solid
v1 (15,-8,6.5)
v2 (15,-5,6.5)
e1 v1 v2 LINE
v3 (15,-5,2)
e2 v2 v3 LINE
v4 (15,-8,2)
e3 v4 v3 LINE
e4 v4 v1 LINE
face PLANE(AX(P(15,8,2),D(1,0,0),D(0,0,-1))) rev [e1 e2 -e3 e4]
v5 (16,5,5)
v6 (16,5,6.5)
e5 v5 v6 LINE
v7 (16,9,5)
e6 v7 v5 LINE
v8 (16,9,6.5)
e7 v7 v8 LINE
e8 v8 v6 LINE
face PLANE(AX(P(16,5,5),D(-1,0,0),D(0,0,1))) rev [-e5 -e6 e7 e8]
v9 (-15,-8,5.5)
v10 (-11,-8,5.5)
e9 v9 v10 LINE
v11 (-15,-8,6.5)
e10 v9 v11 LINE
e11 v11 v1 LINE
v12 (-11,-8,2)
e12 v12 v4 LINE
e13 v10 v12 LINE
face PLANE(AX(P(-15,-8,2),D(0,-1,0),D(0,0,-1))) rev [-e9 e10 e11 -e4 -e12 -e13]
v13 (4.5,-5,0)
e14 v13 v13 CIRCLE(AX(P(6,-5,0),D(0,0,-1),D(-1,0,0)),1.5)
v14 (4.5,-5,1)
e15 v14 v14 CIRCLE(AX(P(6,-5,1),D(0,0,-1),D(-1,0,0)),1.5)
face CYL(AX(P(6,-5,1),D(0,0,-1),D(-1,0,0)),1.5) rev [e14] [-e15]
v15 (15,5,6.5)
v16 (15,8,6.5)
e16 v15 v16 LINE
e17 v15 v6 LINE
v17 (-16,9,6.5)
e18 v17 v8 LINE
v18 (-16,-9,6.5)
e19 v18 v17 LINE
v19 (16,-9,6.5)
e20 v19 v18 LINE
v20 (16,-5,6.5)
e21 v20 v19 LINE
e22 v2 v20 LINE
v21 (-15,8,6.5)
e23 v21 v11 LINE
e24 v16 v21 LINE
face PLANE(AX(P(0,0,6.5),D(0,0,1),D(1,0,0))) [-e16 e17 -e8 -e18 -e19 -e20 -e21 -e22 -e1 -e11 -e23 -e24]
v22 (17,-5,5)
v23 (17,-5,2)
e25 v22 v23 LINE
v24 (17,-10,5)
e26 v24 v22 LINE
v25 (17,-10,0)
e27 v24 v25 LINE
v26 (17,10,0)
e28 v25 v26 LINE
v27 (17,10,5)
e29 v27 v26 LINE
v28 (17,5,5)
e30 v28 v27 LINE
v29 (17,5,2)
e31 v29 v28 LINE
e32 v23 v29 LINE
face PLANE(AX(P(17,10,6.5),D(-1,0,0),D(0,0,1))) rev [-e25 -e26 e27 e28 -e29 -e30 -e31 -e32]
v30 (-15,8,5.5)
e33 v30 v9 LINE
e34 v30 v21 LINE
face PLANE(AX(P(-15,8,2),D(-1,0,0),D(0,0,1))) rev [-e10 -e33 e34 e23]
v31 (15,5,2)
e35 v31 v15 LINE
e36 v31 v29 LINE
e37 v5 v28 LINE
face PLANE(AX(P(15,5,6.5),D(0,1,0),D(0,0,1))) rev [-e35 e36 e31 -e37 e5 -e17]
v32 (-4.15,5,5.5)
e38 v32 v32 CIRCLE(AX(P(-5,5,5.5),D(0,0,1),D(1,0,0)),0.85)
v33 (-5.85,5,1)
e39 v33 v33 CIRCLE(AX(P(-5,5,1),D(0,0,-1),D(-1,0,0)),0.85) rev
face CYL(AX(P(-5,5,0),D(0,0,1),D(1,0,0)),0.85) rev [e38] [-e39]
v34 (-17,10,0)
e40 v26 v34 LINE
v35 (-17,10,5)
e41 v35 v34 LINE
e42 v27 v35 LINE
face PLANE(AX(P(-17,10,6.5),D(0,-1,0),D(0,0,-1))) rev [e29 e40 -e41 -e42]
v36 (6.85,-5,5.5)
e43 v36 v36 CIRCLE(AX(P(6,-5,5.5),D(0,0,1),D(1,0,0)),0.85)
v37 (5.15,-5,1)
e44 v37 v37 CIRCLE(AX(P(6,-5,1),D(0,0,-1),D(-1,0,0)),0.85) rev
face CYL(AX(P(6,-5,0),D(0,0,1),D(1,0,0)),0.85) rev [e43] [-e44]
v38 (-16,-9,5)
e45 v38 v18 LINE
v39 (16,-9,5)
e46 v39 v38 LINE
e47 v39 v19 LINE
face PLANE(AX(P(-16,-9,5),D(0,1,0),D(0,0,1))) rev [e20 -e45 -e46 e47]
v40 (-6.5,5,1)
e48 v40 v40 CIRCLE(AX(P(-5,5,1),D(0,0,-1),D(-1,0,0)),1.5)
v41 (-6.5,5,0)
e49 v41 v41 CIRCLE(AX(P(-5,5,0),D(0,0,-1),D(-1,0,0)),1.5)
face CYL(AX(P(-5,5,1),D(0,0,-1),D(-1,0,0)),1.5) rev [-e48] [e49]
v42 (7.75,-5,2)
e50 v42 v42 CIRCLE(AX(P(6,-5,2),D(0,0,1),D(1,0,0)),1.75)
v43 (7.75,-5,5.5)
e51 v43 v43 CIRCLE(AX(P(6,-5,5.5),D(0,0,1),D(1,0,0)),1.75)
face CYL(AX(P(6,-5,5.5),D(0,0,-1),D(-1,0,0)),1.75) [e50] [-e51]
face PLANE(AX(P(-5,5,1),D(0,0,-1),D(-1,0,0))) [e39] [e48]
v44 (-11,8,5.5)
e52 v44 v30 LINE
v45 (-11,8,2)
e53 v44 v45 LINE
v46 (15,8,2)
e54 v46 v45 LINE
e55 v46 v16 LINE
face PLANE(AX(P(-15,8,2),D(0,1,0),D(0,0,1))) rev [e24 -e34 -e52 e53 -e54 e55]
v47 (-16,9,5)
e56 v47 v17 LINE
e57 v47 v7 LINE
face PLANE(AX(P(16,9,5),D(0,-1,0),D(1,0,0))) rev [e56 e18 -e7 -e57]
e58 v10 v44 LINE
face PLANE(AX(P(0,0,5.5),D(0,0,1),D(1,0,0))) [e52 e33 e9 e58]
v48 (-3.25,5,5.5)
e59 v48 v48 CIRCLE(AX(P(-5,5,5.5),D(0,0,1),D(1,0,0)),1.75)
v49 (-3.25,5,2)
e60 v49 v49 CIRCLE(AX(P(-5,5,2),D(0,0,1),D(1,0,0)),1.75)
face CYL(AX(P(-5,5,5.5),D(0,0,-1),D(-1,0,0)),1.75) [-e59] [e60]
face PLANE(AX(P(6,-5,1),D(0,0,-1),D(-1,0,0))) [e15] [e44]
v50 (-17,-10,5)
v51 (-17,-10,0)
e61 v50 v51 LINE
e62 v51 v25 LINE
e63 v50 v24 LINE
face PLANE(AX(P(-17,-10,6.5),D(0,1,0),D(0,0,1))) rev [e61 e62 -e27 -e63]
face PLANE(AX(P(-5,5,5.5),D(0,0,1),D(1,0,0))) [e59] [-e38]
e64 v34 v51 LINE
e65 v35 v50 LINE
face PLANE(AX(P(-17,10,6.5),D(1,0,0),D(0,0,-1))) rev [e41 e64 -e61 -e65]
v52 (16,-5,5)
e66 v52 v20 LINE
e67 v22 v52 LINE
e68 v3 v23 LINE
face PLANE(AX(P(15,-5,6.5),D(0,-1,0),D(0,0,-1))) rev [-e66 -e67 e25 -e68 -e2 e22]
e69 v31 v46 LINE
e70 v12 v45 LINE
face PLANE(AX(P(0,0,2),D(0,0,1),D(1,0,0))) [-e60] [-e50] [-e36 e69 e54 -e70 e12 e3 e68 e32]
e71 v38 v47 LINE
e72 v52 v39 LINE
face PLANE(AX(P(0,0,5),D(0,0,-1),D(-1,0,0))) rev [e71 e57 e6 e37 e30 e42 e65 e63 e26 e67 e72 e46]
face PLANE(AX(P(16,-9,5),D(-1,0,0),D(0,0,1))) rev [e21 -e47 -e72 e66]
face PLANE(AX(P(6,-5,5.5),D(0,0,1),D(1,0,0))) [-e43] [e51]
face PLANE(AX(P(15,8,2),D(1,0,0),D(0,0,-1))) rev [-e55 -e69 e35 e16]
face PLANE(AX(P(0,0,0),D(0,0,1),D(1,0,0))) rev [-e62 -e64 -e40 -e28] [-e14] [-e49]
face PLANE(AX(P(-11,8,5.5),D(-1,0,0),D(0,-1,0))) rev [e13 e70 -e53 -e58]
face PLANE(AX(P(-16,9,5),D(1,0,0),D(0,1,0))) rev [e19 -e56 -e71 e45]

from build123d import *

# Parameters (mm, degrees)
SKETCH_1_W          = 34
SKETCH_1_H          = 20
EXTRUDE_1_DEPTH     = 6.5
SKETCH_2_W          = 30
SKETCH_2_H          = 16
CUT_EXTRUDE_1_DEPTH = 4.5
SKETCH_3_W          = 4.5
SKETCH_3_H          = 10
CUT_EXTRUDE_2_DEPTH = 2
CUT_EXTRUDE_3_DEPTH = 1.5
SKETCH_5_W          = 4
SKETCH_5_H          = 16
EXTRUDE_2_DEPTH     = 3.5
SKETCH_6_R          = 1.75
EXTRUDE_3_DEPTH     = 3.5
SKETCH_7_R          = 0.85
CUT_EXTRUDE_4_DEPTH = 21.475595229
SKETCH_8_R          = 1.5
CUT_EXTRUDE_5_DEPTH = 1


with BuildPart() as part:
    # 草图1 → 凸台-拉伸1 (new body)
    with BuildSketch(Plane.XY):
        Rectangle(SKETCH_1_W, SKETCH_1_H)
    extrude(amount=EXTRUDE_1_DEPTH)

    # 草图2 → 切除-拉伸1 (cut)
    with BuildSketch(Plane.XY.offset(6.5)):
        Rectangle(SKETCH_2_W, SKETCH_2_H)
    extrude(amount=-CUT_EXTRUDE_1_DEPTH, mode=Mode.SUBTRACT)

    # 草图3 → 切除-拉伸2 (cut)
    with BuildSketch(Plane(origin=(17, 0, 0), x_dir=(0, 0, -1), z_dir=(1, 0, 0))):
        with Locations((-4.25, 0)):
            Rectangle(SKETCH_3_W, SKETCH_3_H)
    extrude(amount=-CUT_EXTRUDE_2_DEPTH, mode=Mode.SUBTRACT)

    # 草图4 → 切除-拉伸3 (cut)
    with BuildSketch(Plane.XY.offset(6.5)):
        Polygon((16, 5), (16, 9), (-16, 9), (-16, -9), (16, -9), (16, -5), (17, -5), (17, -10), (-17, -10), (-17, 10), (17, 10), (17, 5), align=None)
    extrude(amount=-CUT_EXTRUDE_3_DEPTH, mode=Mode.SUBTRACT)

    # 草图5 → 凸台-拉伸2 (add)
    with BuildSketch(Plane.XY.offset(2)):
        with Locations((-13, 0)):
            Rectangle(SKETCH_5_W, SKETCH_5_H)
    extrude(amount=EXTRUDE_2_DEPTH)

    # 草图6 → 凸台-拉伸3 (add)
    with BuildSketch(Plane.XY.offset(2)):
        with Locations((-5, 5)):
            Circle(SKETCH_6_R)
        with Locations((6, -5)):
            Circle(SKETCH_6_R)
    extrude(amount=EXTRUDE_3_DEPTH)

    # 草图7 → 切除-拉伸4 (cut, through all)
    with BuildSketch(Plane.XY.offset(5.5)):
        with Locations((-5, 5)):
            Circle(SKETCH_7_R)
        with Locations((6, -5)):
            Circle(SKETCH_7_R)
    extrude(amount=-CUT_EXTRUDE_4_DEPTH, mode=Mode.SUBTRACT)

    # 草图8 → 切除-拉伸5 (cut)
    with BuildSketch(Plane(origin=(0, 0, 0), x_dir=(-1, 0, 0), z_dir=(0, 0, -1))):
        with Locations((-6, -5)):
            Circle(SKETCH_8_R)
        with Locations((5, 5)):
            Circle(SKETCH_8_R)
    extrude(amount=-CUT_EXTRUDE_5_DEPTH, mode=Mode.SUBTRACT)


solid = part.part
